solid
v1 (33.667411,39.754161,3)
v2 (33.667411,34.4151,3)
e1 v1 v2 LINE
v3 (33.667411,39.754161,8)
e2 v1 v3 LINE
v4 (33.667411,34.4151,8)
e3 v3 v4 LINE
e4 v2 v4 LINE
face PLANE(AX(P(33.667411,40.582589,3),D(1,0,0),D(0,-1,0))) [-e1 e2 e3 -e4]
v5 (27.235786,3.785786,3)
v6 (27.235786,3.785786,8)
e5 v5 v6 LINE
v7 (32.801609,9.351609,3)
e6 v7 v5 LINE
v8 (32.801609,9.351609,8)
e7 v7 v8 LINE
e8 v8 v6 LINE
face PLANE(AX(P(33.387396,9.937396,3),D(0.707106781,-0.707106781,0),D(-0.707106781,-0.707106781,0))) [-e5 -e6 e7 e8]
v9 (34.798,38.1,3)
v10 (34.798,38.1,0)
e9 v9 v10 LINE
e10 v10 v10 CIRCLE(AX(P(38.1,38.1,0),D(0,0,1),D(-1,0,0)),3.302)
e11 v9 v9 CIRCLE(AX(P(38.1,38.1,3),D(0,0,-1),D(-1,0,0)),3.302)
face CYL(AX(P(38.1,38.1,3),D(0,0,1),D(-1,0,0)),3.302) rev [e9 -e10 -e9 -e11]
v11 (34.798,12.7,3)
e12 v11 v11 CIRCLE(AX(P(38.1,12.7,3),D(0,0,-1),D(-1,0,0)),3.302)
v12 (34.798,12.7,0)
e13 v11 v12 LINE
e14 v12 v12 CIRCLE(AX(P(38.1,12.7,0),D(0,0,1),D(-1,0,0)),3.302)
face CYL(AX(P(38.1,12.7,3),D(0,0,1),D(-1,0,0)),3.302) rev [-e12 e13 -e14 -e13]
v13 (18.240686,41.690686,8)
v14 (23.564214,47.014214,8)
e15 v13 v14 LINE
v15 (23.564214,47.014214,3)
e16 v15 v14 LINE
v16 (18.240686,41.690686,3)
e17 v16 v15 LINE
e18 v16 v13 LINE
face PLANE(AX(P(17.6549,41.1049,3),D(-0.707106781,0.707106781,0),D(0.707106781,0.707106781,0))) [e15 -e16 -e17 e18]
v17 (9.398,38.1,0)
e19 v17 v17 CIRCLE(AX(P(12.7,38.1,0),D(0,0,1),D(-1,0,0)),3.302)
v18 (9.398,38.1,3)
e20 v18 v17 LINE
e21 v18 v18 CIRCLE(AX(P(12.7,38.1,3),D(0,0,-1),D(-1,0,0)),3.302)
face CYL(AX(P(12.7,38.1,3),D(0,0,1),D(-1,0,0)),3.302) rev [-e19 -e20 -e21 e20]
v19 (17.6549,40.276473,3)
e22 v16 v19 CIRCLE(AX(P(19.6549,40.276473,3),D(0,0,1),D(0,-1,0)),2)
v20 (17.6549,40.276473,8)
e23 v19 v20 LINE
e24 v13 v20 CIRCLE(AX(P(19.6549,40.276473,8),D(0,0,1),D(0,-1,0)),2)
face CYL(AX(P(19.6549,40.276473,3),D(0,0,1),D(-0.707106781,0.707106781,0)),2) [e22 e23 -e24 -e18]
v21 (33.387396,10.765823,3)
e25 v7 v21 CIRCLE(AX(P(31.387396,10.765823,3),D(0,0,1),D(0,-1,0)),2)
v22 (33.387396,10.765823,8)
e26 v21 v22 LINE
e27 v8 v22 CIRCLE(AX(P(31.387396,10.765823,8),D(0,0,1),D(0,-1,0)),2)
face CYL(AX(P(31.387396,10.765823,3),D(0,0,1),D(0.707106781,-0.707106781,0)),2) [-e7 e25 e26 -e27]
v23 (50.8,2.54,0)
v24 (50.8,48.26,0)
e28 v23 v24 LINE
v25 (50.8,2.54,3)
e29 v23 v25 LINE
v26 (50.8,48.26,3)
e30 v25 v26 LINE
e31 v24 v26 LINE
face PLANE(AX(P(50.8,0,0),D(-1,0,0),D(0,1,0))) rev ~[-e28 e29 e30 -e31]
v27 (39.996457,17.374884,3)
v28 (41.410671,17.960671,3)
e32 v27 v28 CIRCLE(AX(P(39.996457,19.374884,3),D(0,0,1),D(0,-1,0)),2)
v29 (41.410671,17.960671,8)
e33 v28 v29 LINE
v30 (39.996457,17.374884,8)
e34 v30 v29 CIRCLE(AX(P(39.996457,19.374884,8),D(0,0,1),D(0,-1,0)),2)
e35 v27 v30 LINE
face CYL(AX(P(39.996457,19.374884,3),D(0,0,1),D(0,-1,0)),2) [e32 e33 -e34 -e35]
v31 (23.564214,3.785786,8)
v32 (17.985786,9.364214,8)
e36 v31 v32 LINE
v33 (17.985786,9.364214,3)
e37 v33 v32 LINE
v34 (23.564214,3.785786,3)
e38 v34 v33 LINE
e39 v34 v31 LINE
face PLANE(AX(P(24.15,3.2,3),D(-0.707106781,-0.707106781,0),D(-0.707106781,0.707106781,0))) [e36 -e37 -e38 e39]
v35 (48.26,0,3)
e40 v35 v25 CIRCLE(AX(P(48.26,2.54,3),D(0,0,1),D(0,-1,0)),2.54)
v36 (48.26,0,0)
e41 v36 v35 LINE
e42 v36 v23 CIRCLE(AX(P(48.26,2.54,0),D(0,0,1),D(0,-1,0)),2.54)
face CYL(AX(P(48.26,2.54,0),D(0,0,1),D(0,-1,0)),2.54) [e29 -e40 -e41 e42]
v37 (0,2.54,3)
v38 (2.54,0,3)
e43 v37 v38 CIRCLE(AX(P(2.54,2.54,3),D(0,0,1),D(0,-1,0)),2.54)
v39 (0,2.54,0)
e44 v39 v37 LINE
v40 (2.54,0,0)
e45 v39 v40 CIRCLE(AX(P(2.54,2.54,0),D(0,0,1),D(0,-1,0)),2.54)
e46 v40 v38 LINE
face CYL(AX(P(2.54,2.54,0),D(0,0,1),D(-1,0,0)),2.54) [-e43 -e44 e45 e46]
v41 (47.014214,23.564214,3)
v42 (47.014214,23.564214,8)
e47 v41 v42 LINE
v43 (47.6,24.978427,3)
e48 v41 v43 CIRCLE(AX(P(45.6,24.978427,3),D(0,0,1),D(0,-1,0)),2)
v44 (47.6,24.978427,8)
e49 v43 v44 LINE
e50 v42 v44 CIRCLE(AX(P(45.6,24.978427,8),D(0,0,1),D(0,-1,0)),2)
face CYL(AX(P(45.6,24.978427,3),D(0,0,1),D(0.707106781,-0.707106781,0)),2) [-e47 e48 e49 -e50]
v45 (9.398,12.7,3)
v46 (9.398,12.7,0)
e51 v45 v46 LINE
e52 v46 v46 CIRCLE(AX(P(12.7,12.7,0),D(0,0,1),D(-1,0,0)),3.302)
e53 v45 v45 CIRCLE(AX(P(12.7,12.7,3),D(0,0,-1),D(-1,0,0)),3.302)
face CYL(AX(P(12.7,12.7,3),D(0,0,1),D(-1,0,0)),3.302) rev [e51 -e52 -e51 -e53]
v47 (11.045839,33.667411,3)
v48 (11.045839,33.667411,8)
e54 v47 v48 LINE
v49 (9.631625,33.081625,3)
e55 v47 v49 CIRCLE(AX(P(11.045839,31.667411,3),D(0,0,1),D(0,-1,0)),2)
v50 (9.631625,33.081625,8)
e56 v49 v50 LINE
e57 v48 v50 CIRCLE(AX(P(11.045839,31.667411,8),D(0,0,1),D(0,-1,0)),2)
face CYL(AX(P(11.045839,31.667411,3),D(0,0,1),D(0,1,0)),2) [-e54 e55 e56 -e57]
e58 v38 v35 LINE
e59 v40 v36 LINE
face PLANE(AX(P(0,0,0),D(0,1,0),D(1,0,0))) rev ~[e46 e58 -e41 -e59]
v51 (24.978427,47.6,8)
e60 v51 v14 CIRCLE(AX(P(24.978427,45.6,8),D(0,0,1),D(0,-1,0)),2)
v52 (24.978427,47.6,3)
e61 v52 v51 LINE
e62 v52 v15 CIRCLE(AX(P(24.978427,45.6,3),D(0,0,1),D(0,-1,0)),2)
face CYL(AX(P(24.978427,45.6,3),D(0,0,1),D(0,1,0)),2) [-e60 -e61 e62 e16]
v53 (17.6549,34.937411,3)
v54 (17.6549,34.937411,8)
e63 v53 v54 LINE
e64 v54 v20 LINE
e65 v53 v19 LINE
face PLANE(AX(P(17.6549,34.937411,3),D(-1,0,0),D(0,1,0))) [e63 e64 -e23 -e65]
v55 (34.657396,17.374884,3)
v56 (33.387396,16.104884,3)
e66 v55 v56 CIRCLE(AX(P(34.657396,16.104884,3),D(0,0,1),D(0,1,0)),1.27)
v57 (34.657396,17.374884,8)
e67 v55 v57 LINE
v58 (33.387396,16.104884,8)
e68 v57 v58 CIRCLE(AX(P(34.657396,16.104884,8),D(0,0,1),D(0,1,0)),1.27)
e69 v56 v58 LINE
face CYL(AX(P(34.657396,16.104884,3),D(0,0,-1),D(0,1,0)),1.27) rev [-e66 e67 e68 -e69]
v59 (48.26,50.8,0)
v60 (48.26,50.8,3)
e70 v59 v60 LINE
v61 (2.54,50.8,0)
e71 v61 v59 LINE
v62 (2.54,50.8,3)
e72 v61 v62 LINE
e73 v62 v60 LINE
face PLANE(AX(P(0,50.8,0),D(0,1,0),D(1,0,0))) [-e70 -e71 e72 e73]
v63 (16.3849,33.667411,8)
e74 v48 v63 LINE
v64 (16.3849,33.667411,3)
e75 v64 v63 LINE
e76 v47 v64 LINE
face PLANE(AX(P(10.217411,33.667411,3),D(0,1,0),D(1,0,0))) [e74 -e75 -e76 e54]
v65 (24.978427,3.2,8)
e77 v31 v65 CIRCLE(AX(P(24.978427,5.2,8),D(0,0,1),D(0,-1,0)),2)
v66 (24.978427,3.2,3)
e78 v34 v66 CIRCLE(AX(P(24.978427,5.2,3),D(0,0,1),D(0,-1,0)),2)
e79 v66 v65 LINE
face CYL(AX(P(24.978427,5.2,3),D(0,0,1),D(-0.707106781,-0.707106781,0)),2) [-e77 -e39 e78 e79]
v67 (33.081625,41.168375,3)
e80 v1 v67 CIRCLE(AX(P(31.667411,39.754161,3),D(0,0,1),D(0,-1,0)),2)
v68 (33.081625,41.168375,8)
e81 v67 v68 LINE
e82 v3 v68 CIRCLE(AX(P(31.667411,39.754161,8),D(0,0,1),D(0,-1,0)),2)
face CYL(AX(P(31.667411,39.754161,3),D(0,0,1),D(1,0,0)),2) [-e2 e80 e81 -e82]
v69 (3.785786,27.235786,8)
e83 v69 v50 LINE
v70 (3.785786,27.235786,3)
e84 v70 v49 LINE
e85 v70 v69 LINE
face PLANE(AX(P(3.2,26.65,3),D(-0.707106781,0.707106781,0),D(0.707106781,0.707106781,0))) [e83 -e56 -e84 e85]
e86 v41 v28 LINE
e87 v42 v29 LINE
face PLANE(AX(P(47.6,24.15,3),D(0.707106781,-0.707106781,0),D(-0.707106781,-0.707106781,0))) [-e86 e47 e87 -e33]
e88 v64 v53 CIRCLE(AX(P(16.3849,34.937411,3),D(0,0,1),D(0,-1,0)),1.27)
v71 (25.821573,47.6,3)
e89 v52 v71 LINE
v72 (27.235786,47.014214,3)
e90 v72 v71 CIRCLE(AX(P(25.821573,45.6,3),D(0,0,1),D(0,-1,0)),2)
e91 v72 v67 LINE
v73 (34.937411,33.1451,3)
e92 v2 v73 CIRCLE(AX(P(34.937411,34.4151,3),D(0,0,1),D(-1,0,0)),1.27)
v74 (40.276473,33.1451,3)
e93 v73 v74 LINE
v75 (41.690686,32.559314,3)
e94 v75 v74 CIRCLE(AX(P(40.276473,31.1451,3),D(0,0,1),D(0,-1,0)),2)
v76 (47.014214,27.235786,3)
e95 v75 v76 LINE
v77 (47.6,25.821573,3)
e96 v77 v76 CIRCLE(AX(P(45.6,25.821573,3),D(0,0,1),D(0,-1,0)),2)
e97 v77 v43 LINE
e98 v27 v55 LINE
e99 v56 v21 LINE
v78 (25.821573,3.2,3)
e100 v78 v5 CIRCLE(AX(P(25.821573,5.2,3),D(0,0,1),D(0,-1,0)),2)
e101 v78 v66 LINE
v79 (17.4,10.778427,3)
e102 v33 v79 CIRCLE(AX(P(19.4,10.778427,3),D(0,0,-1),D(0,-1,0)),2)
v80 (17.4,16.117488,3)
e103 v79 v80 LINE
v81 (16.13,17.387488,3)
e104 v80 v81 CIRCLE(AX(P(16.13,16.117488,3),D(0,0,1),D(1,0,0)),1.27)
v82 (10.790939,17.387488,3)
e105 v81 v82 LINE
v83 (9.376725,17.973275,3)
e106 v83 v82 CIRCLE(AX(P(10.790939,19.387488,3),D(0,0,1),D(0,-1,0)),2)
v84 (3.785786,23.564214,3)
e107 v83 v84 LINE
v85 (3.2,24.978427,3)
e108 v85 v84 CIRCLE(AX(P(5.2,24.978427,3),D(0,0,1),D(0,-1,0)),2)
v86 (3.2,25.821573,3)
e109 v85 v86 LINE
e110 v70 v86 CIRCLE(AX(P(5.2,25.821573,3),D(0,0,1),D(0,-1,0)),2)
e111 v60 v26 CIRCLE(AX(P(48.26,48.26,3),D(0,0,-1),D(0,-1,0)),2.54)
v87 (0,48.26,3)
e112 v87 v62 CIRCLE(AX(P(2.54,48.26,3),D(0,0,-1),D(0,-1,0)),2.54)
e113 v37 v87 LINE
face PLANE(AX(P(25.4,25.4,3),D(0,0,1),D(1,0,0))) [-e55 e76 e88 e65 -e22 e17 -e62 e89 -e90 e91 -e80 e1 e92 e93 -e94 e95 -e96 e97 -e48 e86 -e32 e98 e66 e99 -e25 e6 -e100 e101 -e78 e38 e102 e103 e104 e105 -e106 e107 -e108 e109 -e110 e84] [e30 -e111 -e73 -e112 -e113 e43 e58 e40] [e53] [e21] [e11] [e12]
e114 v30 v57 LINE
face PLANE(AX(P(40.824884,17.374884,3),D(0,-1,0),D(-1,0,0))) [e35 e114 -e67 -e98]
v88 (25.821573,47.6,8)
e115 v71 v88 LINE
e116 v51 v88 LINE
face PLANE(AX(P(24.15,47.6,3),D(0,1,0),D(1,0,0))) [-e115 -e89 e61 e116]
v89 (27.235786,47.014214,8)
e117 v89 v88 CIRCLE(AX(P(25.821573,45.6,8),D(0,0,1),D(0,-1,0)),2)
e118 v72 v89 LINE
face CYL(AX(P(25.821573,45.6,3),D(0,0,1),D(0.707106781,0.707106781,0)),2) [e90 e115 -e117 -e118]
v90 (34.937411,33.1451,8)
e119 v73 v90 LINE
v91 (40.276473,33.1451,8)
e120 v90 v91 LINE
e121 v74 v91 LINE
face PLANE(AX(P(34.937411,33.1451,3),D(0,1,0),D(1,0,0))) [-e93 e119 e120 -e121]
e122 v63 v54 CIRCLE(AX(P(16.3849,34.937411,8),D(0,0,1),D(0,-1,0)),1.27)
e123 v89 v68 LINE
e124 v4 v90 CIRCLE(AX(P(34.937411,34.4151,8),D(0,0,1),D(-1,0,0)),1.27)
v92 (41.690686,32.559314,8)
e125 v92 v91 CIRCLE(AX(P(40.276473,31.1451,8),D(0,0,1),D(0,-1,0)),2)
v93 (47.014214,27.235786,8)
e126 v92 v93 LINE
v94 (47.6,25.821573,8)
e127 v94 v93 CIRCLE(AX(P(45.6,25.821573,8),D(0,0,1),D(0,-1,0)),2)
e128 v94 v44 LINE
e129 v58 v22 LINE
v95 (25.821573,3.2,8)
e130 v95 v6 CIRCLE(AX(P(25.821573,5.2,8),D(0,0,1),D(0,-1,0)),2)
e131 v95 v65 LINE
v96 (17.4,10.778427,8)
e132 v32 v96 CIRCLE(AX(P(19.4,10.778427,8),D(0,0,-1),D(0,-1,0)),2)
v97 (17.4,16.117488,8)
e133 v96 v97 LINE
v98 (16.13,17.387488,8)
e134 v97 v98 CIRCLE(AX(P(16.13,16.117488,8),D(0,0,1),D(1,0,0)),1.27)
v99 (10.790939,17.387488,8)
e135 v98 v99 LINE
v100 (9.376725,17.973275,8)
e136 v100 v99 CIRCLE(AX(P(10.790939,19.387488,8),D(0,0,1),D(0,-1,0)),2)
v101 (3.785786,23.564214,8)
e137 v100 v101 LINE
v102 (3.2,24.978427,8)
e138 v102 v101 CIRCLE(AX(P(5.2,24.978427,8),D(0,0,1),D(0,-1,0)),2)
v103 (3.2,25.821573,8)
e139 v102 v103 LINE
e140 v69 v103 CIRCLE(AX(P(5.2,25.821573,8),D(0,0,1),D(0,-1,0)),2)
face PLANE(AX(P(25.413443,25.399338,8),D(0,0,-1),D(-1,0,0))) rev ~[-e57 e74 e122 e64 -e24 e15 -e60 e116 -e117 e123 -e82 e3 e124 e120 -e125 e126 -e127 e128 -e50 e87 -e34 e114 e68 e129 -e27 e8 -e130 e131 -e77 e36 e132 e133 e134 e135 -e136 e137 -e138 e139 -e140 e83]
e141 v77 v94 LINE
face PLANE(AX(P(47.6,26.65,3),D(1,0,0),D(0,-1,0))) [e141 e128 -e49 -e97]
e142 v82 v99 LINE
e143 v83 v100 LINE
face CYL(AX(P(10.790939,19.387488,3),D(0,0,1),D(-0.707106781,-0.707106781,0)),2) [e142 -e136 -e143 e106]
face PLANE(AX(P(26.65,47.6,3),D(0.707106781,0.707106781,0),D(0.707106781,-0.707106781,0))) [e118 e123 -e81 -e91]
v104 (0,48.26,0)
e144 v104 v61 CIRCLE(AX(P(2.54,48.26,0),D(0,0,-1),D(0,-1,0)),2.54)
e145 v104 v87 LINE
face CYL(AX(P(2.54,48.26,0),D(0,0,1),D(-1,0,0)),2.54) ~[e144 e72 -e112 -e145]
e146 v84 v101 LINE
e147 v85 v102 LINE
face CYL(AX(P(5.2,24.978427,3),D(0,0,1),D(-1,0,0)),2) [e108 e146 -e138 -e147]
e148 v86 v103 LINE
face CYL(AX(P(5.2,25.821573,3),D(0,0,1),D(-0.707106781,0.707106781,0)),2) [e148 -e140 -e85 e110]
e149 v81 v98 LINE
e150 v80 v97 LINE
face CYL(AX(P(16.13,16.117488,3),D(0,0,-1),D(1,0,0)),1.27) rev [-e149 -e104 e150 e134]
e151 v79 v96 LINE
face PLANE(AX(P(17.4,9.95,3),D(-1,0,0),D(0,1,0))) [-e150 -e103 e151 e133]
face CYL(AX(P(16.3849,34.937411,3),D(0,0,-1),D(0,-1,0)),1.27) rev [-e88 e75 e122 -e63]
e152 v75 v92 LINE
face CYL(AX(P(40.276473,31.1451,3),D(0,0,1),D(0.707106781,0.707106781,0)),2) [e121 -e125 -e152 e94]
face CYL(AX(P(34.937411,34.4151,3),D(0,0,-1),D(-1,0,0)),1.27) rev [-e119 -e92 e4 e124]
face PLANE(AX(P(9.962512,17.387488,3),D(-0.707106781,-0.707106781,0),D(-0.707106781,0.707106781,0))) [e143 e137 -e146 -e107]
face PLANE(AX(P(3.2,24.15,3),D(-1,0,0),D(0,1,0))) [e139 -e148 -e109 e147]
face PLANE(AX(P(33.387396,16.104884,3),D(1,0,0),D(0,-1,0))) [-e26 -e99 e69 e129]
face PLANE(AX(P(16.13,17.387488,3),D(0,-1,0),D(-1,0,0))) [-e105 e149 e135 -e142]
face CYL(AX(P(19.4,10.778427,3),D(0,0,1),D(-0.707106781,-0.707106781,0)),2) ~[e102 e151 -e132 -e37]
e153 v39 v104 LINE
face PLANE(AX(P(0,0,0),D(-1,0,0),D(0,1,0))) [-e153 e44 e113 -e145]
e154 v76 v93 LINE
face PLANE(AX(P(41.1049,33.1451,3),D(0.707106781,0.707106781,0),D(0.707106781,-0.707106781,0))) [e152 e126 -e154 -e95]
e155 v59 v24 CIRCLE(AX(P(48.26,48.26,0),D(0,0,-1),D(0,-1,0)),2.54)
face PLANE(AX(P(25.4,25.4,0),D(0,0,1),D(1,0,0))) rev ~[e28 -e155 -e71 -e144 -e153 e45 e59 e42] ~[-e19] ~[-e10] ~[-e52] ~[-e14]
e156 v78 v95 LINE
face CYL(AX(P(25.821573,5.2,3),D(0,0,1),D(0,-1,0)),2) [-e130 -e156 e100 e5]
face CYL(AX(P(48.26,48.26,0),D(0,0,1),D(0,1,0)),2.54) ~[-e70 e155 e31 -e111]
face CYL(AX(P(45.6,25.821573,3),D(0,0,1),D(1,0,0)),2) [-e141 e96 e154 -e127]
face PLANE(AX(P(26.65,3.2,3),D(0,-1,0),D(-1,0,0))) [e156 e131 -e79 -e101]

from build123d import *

# Parameters (mm, degrees)
SKETCH1_W           = 50.8
SKETCH1_H           = 50.8
BOSS_EXTRUDE1_DEPTH = 3
BOSS_EXTRUDE2_DEPTH = 5
FILLET1_R           = 2
SKETCH3_R           = 3.302
CUT_EXTRUDE3_DEPTH  = 75.162524229
FILLET2_R           = 2.54


with BuildPart() as part:
    # Sketch1 → Boss-Extrude1 (new body)
    with BuildSketch(Plane.XY):
        with Locations((25.4, 25.4)):
            Rectangle(SKETCH1_W, SKETCH1_H)
    extrude(amount=BOSS_EXTRUDE1_DEPTH)

    # Sketch8 → Boss-Extrude2 (add)
    with BuildSketch(Plane(origin=(3, 0, 3), x_dir=(1, 0, 0), z_dir=(0, 0, 1))):
        with BuildLine():
            Line((14.4, 9.95), (14.4, 16.117488447))
            ThreePointArc((14.4, 16.117488447), (14.028025612, 17.015514059), (13.13, 17.387488447))
            Line((13.13, 17.387488447), (6.962511553, 17.387488447))
            Line((6.962511553, 17.387488447), (0.2, 24.15))
            Line((0.2, 24.15), (0.2, 26.65))
            Line((0.2, 26.65), (7.217411382, 33.667411382))
            Line((7.217411382, 33.667411382), (13.384899829, 33.667411382))
            ThreePointArc((13.384899829, 33.667411382), (14.282925441, 34.03938577), (14.654899829, 34.937411382))
            Line((14.654899829, 34.937411382), (14.654899829, 41.104899829))
            Line((14.654899829, 41.104899829), (21.15, 47.6))
            Line((21.15, 47.6), (23.65, 47.6))
            Line((23.65, 47.6), (30.667411382, 40.582588618))
            Line((30.667411382, 40.582588618), (30.667411382, 34.415100171))
            ThreePointArc((30.667411382, 34.415100171), (31.03938577, 33.517074559), (31.937411382, 33.145100171))
            Line((31.937411382, 33.145100171), (38.104899829, 33.145100171))
            Line((38.104899829, 33.145100171), (44.6, 26.65))
            Line((44.6, 26.65), (44.6, 24.15))
            Line((44.6, 24.15), (37.824884254, 17.374884254))
            Line((37.824884254, 17.374884254), (31.657395807, 17.374884254))
            ThreePointArc((31.657395807, 17.374884254), (30.759370195, 17.002909866), (30.387395807, 16.104884254))
            Line((30.387395807, 16.104884254), (30.387395807, 9.937395807))
            Line((30.387395807, 9.937395807), (23.65, 3.2))
            Line((23.65, 3.2), (21.15, 3.2))
            Line((21.15, 3.2), (14.4, 9.95))
        make_face()
    extrude(amount=BOSS_EXTRUDE2_DEPTH)

    # Fillet1
    fillet1_edges = [part.edges().sort_by_distance(p)[0] for p in [
        (17.4, 9.95, 5.5),
        (24.15, 3.2, 5.5),
        (26.65, 3.2, 5.5),
        (33.387395807, 9.937395807, 5.5),
        (40.824884254, 17.374884254, 5.5),
        (47.6, 24.15, 5.5),
        (47.6, 26.65, 5.5),
        (41.104899829, 33.145100171, 5.5),
        (33.667411382, 40.582588618, 5.5),
        (26.65, 47.6, 5.5),
        (24.15, 47.6, 5.5),
        (17.654899829, 41.104899829, 5.5),
        (10.217411382, 33.667411382, 5.5),
        (3.2, 26.65, 5.5),
        (3.2, 24.15, 5.5),
        (9.962511553, 17.387488447, 5.5),
    ]]
    fillet(fillet1_edges, radius=FILLET1_R)

    # Sketch3 → Cut-Extrude3 (cut, through all)
    with BuildSketch(Plane(origin=(-3, 0, 3), x_dir=(-1, 0, 0), z_dir=(0, 0, -1))):
        with Locations((-15.7, 12.7)):
            Circle(SKETCH3_R)
        with Locations((-41.1, 38.1)):
            Circle(SKETCH3_R)
        with Locations((-15.7, 38.1)):
            Circle(SKETCH3_R)
        with Locations((-41.1, 12.7)):
            Circle(SKETCH3_R)
    extrude(amount=CUT_EXTRUDE3_DEPTH, mode=Mode.SUBTRACT)

    # Fillet2
    fillet2_edges = [part.edges().sort_by_distance(p)[0] for p in [
        (0, 50.8, 1.5),
        (50.8, 50.8, 1.5),
        (50.8, 0, 1.5),
        (0, 0, 1.5),
    ]]
    fillet(fillet2_edges, radius=FILLET2_R)


solid = part.part
